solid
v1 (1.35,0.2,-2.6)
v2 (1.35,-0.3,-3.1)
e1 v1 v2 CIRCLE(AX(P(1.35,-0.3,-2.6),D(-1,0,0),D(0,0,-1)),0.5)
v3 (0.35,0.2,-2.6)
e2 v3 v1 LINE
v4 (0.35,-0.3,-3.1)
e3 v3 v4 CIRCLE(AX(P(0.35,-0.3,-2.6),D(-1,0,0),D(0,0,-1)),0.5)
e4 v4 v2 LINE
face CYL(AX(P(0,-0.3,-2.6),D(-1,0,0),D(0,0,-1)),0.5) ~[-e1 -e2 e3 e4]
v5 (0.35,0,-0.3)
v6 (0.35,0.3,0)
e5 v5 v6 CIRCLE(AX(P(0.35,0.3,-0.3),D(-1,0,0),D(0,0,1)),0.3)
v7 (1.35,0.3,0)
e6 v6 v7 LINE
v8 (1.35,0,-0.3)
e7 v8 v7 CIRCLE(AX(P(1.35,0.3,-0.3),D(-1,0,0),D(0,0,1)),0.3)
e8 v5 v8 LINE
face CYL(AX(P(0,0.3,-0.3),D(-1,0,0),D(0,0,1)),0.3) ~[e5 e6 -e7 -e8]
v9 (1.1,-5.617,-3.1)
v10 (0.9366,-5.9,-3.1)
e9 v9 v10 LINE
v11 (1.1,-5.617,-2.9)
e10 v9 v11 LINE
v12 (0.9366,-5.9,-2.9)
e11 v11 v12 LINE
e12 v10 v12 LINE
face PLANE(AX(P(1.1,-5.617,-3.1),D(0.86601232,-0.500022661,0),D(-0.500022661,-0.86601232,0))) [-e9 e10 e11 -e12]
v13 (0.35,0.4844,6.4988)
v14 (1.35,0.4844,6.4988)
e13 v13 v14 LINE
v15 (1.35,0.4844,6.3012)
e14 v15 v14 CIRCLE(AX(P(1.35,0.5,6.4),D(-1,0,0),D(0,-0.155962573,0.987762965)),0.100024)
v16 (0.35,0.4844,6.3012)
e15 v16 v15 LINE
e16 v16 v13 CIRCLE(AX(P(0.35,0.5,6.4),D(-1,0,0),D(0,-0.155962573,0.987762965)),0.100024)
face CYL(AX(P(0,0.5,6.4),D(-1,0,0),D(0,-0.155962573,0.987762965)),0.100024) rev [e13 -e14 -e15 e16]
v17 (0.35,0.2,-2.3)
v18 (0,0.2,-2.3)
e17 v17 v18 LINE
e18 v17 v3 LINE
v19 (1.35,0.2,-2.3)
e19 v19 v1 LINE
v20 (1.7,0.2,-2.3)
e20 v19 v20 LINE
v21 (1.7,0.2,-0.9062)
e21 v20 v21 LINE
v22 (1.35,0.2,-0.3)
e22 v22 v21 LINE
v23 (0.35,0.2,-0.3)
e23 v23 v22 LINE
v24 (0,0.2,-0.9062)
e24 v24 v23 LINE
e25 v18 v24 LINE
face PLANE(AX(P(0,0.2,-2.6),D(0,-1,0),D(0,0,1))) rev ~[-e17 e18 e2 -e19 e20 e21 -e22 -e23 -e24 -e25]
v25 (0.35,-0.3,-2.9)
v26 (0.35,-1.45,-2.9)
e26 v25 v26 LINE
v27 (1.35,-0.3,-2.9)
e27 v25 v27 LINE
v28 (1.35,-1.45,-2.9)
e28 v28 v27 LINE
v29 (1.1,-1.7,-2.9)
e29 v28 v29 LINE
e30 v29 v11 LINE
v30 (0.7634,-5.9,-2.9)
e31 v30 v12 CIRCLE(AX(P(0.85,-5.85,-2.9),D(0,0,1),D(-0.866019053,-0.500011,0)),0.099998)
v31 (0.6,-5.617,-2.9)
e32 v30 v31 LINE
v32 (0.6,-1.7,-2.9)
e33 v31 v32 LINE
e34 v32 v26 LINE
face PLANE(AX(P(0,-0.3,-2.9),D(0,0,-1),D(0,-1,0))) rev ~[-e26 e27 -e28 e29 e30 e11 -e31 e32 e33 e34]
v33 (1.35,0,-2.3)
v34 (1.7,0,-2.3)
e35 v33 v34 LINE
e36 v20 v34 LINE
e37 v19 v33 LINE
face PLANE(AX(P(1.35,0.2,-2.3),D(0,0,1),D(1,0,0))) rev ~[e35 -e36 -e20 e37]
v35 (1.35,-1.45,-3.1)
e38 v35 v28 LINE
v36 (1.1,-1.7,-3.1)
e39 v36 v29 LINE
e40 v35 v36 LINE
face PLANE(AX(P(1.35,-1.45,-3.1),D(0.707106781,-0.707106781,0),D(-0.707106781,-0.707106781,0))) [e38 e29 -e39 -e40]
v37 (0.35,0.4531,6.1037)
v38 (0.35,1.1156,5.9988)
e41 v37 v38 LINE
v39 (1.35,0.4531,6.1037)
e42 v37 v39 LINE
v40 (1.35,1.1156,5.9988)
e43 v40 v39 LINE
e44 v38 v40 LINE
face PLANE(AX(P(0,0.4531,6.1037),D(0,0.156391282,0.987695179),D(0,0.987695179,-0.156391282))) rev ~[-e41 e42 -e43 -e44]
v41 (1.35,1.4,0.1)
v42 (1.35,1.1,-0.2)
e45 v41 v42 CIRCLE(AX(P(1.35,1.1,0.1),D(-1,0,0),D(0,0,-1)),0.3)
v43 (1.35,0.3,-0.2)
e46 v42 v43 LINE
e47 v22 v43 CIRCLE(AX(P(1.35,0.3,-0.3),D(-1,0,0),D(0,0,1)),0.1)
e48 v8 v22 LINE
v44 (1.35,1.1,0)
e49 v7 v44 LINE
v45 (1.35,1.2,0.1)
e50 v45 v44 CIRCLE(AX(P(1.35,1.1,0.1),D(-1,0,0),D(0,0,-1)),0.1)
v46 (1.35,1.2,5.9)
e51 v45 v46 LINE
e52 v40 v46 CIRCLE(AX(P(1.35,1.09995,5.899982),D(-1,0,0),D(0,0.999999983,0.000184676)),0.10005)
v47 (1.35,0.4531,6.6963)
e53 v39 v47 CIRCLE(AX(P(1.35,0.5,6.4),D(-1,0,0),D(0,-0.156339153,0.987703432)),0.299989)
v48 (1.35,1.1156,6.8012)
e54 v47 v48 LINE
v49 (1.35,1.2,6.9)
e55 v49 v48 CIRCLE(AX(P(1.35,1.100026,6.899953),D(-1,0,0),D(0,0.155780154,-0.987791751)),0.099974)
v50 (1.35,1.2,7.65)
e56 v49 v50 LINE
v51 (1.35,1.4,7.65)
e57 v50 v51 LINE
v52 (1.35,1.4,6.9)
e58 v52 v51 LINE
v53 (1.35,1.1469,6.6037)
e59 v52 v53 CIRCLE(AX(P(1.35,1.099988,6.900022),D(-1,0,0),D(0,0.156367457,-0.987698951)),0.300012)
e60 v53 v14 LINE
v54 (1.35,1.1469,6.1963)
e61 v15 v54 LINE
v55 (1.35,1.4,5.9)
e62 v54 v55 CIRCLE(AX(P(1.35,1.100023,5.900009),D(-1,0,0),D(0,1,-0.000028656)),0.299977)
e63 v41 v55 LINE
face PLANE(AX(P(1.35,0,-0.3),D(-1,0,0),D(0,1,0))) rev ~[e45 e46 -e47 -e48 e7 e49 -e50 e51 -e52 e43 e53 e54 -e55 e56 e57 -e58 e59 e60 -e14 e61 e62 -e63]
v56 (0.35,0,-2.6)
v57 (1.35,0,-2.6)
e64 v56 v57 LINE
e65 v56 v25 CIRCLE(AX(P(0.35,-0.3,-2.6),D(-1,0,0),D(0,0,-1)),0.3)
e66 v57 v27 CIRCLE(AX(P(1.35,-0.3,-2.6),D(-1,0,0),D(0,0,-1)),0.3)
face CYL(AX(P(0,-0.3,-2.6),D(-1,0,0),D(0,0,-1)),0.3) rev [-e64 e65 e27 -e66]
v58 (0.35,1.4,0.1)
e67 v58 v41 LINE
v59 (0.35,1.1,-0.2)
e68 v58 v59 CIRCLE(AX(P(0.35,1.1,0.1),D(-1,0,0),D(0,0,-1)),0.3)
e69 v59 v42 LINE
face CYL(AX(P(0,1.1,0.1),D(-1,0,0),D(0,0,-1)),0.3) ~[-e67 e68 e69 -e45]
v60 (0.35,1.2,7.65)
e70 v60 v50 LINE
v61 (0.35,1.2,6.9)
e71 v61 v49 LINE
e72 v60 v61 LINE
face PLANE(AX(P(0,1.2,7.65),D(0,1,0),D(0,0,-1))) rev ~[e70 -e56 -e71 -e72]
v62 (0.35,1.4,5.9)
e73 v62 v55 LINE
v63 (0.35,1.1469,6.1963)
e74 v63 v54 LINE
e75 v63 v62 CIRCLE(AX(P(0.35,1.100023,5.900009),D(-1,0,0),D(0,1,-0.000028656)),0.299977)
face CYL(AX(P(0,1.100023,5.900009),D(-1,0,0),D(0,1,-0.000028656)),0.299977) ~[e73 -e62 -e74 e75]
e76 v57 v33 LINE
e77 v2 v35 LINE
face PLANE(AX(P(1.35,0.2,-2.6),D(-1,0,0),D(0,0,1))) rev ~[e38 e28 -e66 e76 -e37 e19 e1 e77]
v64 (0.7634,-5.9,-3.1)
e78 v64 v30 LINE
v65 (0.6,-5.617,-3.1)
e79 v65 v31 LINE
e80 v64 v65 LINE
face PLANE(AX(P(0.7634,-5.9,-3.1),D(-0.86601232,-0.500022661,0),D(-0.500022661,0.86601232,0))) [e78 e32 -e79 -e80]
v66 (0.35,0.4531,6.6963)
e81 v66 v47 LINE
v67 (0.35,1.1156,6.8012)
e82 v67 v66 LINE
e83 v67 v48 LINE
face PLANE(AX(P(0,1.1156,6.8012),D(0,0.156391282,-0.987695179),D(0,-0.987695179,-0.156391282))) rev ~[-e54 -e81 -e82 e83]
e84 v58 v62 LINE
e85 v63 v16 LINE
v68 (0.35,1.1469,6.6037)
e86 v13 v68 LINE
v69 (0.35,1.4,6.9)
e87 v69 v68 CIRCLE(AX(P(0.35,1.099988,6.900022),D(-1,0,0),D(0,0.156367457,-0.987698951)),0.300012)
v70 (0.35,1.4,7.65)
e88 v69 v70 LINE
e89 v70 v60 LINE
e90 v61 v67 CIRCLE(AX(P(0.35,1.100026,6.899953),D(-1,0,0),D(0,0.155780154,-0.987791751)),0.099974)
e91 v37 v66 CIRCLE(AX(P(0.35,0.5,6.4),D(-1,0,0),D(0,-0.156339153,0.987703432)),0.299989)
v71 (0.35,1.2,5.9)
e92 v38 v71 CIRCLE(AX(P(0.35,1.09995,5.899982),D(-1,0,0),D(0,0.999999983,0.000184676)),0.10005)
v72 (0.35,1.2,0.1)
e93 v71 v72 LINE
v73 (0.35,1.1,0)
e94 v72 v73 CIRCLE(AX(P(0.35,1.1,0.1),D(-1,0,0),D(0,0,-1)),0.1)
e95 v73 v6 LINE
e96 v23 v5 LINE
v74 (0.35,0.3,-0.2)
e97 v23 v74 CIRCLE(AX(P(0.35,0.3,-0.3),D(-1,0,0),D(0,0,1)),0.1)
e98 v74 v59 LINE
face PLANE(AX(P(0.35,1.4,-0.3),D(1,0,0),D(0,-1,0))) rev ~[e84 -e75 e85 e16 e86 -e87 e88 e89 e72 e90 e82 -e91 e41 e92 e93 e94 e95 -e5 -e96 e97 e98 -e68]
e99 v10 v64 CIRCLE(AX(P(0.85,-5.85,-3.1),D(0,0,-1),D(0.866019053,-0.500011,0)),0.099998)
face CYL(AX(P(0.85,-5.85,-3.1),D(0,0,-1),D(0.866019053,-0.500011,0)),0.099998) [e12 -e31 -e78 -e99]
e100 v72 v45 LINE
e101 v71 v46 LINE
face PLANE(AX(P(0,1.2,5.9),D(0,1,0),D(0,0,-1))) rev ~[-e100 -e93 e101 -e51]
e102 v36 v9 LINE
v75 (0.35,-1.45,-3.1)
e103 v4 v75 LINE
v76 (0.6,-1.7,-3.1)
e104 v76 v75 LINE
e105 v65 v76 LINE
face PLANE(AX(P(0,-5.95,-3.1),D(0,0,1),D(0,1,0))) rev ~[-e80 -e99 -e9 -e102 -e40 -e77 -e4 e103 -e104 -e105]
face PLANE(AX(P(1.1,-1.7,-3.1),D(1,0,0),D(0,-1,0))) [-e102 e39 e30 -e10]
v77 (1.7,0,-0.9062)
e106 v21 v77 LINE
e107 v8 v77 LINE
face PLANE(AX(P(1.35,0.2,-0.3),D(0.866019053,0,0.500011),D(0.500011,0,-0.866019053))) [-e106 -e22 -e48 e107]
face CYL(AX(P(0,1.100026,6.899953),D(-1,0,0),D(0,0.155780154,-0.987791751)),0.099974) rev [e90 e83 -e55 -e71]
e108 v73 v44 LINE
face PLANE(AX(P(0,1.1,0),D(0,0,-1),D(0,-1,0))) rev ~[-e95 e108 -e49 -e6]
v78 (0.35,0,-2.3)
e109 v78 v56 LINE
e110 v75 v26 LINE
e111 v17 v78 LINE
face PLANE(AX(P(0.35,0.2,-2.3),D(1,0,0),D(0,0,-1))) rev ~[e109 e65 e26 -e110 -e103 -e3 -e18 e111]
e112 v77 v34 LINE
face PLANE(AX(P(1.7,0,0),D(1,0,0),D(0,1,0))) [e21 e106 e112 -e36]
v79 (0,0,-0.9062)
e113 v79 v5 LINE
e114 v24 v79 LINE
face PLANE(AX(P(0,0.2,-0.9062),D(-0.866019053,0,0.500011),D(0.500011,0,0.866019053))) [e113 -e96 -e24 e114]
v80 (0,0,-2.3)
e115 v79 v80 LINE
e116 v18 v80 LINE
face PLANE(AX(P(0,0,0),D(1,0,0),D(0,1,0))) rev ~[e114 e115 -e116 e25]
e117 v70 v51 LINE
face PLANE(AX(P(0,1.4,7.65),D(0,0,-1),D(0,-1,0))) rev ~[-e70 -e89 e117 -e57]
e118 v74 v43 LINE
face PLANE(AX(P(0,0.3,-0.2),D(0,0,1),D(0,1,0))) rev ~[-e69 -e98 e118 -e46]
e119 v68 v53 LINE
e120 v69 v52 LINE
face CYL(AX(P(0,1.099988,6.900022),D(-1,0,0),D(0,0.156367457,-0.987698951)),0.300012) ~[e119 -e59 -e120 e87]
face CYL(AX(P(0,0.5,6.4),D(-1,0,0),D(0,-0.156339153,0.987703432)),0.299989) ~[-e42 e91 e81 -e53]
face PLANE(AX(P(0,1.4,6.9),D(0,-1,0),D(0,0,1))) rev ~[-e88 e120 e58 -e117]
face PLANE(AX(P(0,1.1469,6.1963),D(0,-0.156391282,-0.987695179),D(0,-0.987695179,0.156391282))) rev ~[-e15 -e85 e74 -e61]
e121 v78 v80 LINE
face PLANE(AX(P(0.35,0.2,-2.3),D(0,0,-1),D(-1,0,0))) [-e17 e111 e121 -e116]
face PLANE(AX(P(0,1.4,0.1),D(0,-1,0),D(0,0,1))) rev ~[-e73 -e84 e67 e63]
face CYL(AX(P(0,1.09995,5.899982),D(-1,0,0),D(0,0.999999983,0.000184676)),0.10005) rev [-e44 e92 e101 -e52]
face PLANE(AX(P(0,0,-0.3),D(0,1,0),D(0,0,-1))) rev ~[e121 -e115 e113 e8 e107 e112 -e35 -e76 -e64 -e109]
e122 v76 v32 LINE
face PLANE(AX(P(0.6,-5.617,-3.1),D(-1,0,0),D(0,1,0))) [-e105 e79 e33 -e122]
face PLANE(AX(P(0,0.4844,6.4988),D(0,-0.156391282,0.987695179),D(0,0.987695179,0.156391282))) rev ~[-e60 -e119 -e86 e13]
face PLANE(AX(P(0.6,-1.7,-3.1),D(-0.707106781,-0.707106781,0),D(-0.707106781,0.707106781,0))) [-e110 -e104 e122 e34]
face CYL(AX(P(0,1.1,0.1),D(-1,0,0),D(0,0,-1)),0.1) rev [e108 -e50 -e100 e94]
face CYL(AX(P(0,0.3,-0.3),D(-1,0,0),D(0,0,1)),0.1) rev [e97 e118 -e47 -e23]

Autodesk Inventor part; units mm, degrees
ref_plane "YZ Plane" through (0, 0, 0) normal (1, 0, 0) x (0, 1, 0)
ref_plane "XZ Plane" through (0, 0, 0) normal (0, 1, 0) x (-1, 0, 0)
sketch "Sketch1" plane through (0, 0, 0) normal (1, 0, 0) x (0, 1, 0)
  line L0 (1.1156, 6.8012) -> (0.4531, 6.6963)
  line L1 (0.4531, 6.1037) -> (1.1156, 5.9988)
  line L2 (1.2, 5.9) -> (1.2, 0.1)
  line L3 (1.1, 0) -> (0.3, 0)
  line L4 (0, -0.3) -> (0, -2.6)
  line L5 (-0.3, -2.9) -> (-5.95, -2.9)
  line L6 (-5.95, -2.9) -> (-5.95, -3.1)
  line L7 (-5.95, -3.1) -> (-0.3, -3.1)
  line L8 (0.2, -2.6) -> (0.2, -0.3)
  line L9 (0.3, -0.2) -> (1.1, -0.2)
  line L10 (1.4, 0.1) -> (1.4, 5.9)
  line L11 (1.1469, 6.1963) -> (0.4844, 6.3012)
  line L12 (0.4844, 6.4988) -> (1.1469, 6.6037)
  line L13 (1.4, 6.9) -> (1.4, 7.65)
  line L14 (1.4, 7.65) -> (1.2, 7.65)
  line L15 (1.2, 7.65) -> (1.2, 6.9)
  line L16 (0, -5.3743) -> (0, 9.8207) projected
  line L17 (-7.4324, 0) -> (2.9446, 0) projected
  arc A0 (0.3, -0.2) -> (0.2, -0.3) centre (0.3, -0.3) ccw
  arc A1 (-0.3, -2.9) -> (0, -2.6) centre (-0.3, -2.6) ccw
  arc A2 (1.1, 0) -> (1.2, 0.1) centre (1.1, 0.1) ccw
  arc A3 (1.2, 5.9) -> (1.1156, 5.9988) centre (1.1, 5.9) ccw
  arc A4 (0.4844, 6.4988) -> (0.4844, 6.3012) centre (0.5, 6.4) ccw
  arc A5 (1.1156, 6.8012) -> (1.2, 6.9) centre (1.1, 6.9) ccw
  arc A6 (0.4531, 6.6963) -> (0.4531, 6.1037) centre (0.5, 6.4) ccw
  arc A7 (1.4, 5.9) -> (1.1469, 6.1963) centre (1.1, 5.9) ccw
  arc A8 (1.1469, 6.6037) -> (1.4, 6.9) centre (1.1, 6.9) ccw
  arc A9 (1.1, -0.2) -> (1.4, 0.1) centre (1.1, 0.1) ccw
  arc A10 (0.3, 0) -> (0, -0.3) centre (0.3, -0.3) ccw
  arc A11 (-0.3, -3.1) -> (0.2, -2.6) centre (-0.3, -2.6) ccw
  point P0 (1.2, 6.8146)
  point P1 (0, -2.9)
  point P2 (1.4, 6.1562)
  point P3 (-0.1393, 6.4)
  point P4 (1.4, 6.6438)
  dimension "d0" = 0.2
  dimension "d1" = 0.2
  dimension "d3" = 0.2
  dimension "d8" = 0.2
  dimension "d9" = 0.2
  dimension "d10" = 0.2
  dimension "d12" = 5.95
  dimension "d16" = 1.2
  dimension "d20" = 0.2438
  dimension "d21" = 0.2438
  dimension "d23" = 0.1
  dimension "d25" = 1
  dimension "d26" = 9.8
  dimension "d27" = 0.75
  dimension "d28" = 2.6
  dimension "d31" = 9.3
  dimension "d70" = 0.3
extrude "Extrusion1" add sketch "Sketch1" along normal blind 1.7 contours A5 L15 L14 L13 A8 L12 A4 L11 A7 L10 A9 L17 A2 L2 A3 L1 A6 L0 | L17 A9 L9 A0 L8 A11 L16 L4 A10 L3 | L16 A11 L7 L6 L5 A1
ref_plane "Work Plane1" through (0, 0.2, -0.3) normal (0, 0, 1) x (1, 0, 0)
sketch "Sketch2" plane through (0, 0.3, -0.3) normal (0, 0, -1) x (-1, 0, 0)
  line L0 (0, 1.1) -> (-1.7, 1.1) projected
  line L1 (0, -0.3) -> (-1.7, -0.3) projected
  line L2 (-1.35, 1.1) -> (-0.35, 1.1)
  line L3 (-0.35, 1.1) -> (-0.35, -0.3)
  line L4 (-0.35, -0.3) -> (-1.35, -0.3)
  line L5 (-1.35, -0.3) -> (-1.35, 1.1)
  line L6 (-1.7, 0) -> (-1.7, 0.8) projected
  line L7 (0, 0) -> (0, 0.8) projected
  line L8 (-1.7, 0) -> (-1.7, -0.3) projected
  line L9 (-1.35, 1.1) -> (-1.7, 1.1)
  line L10 (-1.7, 1.1) -> (-1.7, -0.3)
  line L11 (-1.7, -0.3) -> (-1.35, -0.3)
  line L12 (-1.35, -0.3) -> (-1.35, 1.1)
  line L13 (0, 0) -> (0, -0.3) projected
  line L14 (-0.35, 1.1) -> (0, 1.1)
  line L15 (0, 1.1) -> (0, -0.3)
  line L16 (0, -0.3) -> (-0.35, -0.3)
  line L17 (-0.35, -0.3) -> (-0.35, 1.1)
  dimension "d32" = 1
  dimension "d33" = 0.35
  dimension "d34" = 0.35
extrude "Extrusion2" cut sketch "Sketch2" against normal up to surface (7.95 mm away) contours L15 L7 L13 L1 L3 L0 | L5 L1 L8 L6 L10 L0
sketch "Sketch3" plane through (0, 0.2, -2.6) normal (0, 1, 0) x (1, 0, 0)
  line L0 (0.35, -2.3) -> (1.35, -2.3) projected
  line L1 (1.35, -2.3) -> (1.7, -1.6938)
  line L2 (1.7, 0) -> (1.7, -2.3) projected
  line L3 (1.35, -2.3) -> (2.05, -2.3) construction
  line L4 (1.7, -1.6938) -> (1.7, -2.3)
  line L5 (1.35, -2.3) -> (1.7, -2.3) projected
  line L6 (1.7, -2.3) -> (1.35, -2.3)
  line L7 (1.35, -2.3) -> (0.35, -2.3)
  line L8 (0, -2.3) -> (0, 0) projected
  line L9 (0.35, -2.3) -> (0, -2.3)
  line L10 (0, -2.3) -> (0, -1.6938)
  line L11 (0, -1.6938) -> (0.35, -2.3)
  line L12 (0.35, -0.3) -> (0.35, 0.3)
  line L13 (1.35, -0.3) -> (1.7, -0.3)
  line L14 (1.7, -0.3) -> (1.7, 0.5)
  line L15 (1.7, 0.5) -> (1.35, 0.5)
  line L16 (1.35, 0.5) -> (1.35, -0.3)
  line L17 (0.35, -0.3) -> (0, -0.3)
  line L18 (0, -0.3) -> (0, 0.5)
  line L19 (0, 0.5) -> (0.35, 0.5)
  line L20 (0.35, 0.5) -> (0.35, -0.3)
  line L21 (0, 0) -> (1.7, 0) projected
  point P0 (0, -2.6)
  point P1 (0, -1.6938)
  point P2 (0.35, 0.3)
  point P3 (0.35, 0.3)
  dimension "d38" = 60
  dimension "d39" = 60
  dimension "d59" = 2
  dimension "d60" = 2
  dimension "d62" = 1
  dimension "d63" = 0.35
  dimension "d64" = 0.35
extrude "Extrusion3" cut sketch "Sketch3" against normal up to surface (6.15 mm away) contours L9 L8 L11 | L1 L2 L5 | L8 L21 L12 L17 | L13 L16 L21 L2 | L18 L19 L20 L12 L21 | L21 L16 L15 L14
sketch "Sketch5" plane through (1.35, -0.3, -3.1) normal (0, 0, -1) x (-1, 0, 0)
  line L0 (0, -1.15) -> (0.25, -1.4)
  line L1 (0.25, -1.4) -> (0.25, -5.317)
  line L2 (0.25, -5.317) -> (0.4134, -5.6)
  line L3 (0.5866, -5.6) -> (0.75, -5.317)
  line L4 (0.75, -5.317) -> (0.75, -1.4)
  line L5 (0.75, -1.4) -> (1, -1.15)
  line L6 (0.25, -5.317) -> (0.75, -5.317) construction
  line L7 (0, -1.15) -> (1, -1.15) construction
  arc A0 (0.4134, -5.6) -> (0.5866, -5.6) centre (0.5, -5.55) ccw
  line L8 (0, 0.3) -> (-0.35, 0.3) projected
  line L9 (1.35, 0.3) -> (1, 0.3) projected
  line L10 (0, 0) -> (0, -5.65) projected
  line L11 (1, -5.65) -> (1, 0) projected
  line L12 (1, -5.65) -> (0, -5.65) projected
  point P0 (0.5, -5.65)
  point P1 (1.35, -5.85)
  point P2 (-0.35, -5.85)
  point P3 (0, 0.6)
  point P4 (1, 0.6)
  point P5 (0.5, -5.35)
  dimension "d45" = 60
  dimension "d46" = 0.5
  dimension "d48" = 135
  dimension "d49" = 135
  dimension "d53" = 0.1
  dimension "d65" = 1.7
  dimension "d66" = 1.7
  dimension "d67" = 0.25
  dimension "d68" = 0.5
  dimension "d69" = 0.25
extrude "Extrusion4" cut sketch "Sketch5" against normal up to surface (0.2 mm away)
equation "\"d20\" = d21"
equation "\"d33\" = d34"
equation "\"d63\" = d64"
equation "\"BendRadius\" = Thickness"
equation "\"BendReliefWidth\" = Thickness"
equation "\"BendReliefDepth\" = 0.5 * Thickness"
equation "\"CornerReliefSize\" = 4 * Thickness"
equation "\"MinimumRemnant\" = 2 * Thickness"
equation "\"TransitionRadius\" = BendRadius"
equation "\"JacobiRadiusSize\" = BendRadius"
equation "\"GapSize\" = Thickness"
equation "\"Thickness\" = 0.2"
properties part number "USB 3.0 A Recepticle Lower Pin" material "Nickel-Copper Alloy 400"
